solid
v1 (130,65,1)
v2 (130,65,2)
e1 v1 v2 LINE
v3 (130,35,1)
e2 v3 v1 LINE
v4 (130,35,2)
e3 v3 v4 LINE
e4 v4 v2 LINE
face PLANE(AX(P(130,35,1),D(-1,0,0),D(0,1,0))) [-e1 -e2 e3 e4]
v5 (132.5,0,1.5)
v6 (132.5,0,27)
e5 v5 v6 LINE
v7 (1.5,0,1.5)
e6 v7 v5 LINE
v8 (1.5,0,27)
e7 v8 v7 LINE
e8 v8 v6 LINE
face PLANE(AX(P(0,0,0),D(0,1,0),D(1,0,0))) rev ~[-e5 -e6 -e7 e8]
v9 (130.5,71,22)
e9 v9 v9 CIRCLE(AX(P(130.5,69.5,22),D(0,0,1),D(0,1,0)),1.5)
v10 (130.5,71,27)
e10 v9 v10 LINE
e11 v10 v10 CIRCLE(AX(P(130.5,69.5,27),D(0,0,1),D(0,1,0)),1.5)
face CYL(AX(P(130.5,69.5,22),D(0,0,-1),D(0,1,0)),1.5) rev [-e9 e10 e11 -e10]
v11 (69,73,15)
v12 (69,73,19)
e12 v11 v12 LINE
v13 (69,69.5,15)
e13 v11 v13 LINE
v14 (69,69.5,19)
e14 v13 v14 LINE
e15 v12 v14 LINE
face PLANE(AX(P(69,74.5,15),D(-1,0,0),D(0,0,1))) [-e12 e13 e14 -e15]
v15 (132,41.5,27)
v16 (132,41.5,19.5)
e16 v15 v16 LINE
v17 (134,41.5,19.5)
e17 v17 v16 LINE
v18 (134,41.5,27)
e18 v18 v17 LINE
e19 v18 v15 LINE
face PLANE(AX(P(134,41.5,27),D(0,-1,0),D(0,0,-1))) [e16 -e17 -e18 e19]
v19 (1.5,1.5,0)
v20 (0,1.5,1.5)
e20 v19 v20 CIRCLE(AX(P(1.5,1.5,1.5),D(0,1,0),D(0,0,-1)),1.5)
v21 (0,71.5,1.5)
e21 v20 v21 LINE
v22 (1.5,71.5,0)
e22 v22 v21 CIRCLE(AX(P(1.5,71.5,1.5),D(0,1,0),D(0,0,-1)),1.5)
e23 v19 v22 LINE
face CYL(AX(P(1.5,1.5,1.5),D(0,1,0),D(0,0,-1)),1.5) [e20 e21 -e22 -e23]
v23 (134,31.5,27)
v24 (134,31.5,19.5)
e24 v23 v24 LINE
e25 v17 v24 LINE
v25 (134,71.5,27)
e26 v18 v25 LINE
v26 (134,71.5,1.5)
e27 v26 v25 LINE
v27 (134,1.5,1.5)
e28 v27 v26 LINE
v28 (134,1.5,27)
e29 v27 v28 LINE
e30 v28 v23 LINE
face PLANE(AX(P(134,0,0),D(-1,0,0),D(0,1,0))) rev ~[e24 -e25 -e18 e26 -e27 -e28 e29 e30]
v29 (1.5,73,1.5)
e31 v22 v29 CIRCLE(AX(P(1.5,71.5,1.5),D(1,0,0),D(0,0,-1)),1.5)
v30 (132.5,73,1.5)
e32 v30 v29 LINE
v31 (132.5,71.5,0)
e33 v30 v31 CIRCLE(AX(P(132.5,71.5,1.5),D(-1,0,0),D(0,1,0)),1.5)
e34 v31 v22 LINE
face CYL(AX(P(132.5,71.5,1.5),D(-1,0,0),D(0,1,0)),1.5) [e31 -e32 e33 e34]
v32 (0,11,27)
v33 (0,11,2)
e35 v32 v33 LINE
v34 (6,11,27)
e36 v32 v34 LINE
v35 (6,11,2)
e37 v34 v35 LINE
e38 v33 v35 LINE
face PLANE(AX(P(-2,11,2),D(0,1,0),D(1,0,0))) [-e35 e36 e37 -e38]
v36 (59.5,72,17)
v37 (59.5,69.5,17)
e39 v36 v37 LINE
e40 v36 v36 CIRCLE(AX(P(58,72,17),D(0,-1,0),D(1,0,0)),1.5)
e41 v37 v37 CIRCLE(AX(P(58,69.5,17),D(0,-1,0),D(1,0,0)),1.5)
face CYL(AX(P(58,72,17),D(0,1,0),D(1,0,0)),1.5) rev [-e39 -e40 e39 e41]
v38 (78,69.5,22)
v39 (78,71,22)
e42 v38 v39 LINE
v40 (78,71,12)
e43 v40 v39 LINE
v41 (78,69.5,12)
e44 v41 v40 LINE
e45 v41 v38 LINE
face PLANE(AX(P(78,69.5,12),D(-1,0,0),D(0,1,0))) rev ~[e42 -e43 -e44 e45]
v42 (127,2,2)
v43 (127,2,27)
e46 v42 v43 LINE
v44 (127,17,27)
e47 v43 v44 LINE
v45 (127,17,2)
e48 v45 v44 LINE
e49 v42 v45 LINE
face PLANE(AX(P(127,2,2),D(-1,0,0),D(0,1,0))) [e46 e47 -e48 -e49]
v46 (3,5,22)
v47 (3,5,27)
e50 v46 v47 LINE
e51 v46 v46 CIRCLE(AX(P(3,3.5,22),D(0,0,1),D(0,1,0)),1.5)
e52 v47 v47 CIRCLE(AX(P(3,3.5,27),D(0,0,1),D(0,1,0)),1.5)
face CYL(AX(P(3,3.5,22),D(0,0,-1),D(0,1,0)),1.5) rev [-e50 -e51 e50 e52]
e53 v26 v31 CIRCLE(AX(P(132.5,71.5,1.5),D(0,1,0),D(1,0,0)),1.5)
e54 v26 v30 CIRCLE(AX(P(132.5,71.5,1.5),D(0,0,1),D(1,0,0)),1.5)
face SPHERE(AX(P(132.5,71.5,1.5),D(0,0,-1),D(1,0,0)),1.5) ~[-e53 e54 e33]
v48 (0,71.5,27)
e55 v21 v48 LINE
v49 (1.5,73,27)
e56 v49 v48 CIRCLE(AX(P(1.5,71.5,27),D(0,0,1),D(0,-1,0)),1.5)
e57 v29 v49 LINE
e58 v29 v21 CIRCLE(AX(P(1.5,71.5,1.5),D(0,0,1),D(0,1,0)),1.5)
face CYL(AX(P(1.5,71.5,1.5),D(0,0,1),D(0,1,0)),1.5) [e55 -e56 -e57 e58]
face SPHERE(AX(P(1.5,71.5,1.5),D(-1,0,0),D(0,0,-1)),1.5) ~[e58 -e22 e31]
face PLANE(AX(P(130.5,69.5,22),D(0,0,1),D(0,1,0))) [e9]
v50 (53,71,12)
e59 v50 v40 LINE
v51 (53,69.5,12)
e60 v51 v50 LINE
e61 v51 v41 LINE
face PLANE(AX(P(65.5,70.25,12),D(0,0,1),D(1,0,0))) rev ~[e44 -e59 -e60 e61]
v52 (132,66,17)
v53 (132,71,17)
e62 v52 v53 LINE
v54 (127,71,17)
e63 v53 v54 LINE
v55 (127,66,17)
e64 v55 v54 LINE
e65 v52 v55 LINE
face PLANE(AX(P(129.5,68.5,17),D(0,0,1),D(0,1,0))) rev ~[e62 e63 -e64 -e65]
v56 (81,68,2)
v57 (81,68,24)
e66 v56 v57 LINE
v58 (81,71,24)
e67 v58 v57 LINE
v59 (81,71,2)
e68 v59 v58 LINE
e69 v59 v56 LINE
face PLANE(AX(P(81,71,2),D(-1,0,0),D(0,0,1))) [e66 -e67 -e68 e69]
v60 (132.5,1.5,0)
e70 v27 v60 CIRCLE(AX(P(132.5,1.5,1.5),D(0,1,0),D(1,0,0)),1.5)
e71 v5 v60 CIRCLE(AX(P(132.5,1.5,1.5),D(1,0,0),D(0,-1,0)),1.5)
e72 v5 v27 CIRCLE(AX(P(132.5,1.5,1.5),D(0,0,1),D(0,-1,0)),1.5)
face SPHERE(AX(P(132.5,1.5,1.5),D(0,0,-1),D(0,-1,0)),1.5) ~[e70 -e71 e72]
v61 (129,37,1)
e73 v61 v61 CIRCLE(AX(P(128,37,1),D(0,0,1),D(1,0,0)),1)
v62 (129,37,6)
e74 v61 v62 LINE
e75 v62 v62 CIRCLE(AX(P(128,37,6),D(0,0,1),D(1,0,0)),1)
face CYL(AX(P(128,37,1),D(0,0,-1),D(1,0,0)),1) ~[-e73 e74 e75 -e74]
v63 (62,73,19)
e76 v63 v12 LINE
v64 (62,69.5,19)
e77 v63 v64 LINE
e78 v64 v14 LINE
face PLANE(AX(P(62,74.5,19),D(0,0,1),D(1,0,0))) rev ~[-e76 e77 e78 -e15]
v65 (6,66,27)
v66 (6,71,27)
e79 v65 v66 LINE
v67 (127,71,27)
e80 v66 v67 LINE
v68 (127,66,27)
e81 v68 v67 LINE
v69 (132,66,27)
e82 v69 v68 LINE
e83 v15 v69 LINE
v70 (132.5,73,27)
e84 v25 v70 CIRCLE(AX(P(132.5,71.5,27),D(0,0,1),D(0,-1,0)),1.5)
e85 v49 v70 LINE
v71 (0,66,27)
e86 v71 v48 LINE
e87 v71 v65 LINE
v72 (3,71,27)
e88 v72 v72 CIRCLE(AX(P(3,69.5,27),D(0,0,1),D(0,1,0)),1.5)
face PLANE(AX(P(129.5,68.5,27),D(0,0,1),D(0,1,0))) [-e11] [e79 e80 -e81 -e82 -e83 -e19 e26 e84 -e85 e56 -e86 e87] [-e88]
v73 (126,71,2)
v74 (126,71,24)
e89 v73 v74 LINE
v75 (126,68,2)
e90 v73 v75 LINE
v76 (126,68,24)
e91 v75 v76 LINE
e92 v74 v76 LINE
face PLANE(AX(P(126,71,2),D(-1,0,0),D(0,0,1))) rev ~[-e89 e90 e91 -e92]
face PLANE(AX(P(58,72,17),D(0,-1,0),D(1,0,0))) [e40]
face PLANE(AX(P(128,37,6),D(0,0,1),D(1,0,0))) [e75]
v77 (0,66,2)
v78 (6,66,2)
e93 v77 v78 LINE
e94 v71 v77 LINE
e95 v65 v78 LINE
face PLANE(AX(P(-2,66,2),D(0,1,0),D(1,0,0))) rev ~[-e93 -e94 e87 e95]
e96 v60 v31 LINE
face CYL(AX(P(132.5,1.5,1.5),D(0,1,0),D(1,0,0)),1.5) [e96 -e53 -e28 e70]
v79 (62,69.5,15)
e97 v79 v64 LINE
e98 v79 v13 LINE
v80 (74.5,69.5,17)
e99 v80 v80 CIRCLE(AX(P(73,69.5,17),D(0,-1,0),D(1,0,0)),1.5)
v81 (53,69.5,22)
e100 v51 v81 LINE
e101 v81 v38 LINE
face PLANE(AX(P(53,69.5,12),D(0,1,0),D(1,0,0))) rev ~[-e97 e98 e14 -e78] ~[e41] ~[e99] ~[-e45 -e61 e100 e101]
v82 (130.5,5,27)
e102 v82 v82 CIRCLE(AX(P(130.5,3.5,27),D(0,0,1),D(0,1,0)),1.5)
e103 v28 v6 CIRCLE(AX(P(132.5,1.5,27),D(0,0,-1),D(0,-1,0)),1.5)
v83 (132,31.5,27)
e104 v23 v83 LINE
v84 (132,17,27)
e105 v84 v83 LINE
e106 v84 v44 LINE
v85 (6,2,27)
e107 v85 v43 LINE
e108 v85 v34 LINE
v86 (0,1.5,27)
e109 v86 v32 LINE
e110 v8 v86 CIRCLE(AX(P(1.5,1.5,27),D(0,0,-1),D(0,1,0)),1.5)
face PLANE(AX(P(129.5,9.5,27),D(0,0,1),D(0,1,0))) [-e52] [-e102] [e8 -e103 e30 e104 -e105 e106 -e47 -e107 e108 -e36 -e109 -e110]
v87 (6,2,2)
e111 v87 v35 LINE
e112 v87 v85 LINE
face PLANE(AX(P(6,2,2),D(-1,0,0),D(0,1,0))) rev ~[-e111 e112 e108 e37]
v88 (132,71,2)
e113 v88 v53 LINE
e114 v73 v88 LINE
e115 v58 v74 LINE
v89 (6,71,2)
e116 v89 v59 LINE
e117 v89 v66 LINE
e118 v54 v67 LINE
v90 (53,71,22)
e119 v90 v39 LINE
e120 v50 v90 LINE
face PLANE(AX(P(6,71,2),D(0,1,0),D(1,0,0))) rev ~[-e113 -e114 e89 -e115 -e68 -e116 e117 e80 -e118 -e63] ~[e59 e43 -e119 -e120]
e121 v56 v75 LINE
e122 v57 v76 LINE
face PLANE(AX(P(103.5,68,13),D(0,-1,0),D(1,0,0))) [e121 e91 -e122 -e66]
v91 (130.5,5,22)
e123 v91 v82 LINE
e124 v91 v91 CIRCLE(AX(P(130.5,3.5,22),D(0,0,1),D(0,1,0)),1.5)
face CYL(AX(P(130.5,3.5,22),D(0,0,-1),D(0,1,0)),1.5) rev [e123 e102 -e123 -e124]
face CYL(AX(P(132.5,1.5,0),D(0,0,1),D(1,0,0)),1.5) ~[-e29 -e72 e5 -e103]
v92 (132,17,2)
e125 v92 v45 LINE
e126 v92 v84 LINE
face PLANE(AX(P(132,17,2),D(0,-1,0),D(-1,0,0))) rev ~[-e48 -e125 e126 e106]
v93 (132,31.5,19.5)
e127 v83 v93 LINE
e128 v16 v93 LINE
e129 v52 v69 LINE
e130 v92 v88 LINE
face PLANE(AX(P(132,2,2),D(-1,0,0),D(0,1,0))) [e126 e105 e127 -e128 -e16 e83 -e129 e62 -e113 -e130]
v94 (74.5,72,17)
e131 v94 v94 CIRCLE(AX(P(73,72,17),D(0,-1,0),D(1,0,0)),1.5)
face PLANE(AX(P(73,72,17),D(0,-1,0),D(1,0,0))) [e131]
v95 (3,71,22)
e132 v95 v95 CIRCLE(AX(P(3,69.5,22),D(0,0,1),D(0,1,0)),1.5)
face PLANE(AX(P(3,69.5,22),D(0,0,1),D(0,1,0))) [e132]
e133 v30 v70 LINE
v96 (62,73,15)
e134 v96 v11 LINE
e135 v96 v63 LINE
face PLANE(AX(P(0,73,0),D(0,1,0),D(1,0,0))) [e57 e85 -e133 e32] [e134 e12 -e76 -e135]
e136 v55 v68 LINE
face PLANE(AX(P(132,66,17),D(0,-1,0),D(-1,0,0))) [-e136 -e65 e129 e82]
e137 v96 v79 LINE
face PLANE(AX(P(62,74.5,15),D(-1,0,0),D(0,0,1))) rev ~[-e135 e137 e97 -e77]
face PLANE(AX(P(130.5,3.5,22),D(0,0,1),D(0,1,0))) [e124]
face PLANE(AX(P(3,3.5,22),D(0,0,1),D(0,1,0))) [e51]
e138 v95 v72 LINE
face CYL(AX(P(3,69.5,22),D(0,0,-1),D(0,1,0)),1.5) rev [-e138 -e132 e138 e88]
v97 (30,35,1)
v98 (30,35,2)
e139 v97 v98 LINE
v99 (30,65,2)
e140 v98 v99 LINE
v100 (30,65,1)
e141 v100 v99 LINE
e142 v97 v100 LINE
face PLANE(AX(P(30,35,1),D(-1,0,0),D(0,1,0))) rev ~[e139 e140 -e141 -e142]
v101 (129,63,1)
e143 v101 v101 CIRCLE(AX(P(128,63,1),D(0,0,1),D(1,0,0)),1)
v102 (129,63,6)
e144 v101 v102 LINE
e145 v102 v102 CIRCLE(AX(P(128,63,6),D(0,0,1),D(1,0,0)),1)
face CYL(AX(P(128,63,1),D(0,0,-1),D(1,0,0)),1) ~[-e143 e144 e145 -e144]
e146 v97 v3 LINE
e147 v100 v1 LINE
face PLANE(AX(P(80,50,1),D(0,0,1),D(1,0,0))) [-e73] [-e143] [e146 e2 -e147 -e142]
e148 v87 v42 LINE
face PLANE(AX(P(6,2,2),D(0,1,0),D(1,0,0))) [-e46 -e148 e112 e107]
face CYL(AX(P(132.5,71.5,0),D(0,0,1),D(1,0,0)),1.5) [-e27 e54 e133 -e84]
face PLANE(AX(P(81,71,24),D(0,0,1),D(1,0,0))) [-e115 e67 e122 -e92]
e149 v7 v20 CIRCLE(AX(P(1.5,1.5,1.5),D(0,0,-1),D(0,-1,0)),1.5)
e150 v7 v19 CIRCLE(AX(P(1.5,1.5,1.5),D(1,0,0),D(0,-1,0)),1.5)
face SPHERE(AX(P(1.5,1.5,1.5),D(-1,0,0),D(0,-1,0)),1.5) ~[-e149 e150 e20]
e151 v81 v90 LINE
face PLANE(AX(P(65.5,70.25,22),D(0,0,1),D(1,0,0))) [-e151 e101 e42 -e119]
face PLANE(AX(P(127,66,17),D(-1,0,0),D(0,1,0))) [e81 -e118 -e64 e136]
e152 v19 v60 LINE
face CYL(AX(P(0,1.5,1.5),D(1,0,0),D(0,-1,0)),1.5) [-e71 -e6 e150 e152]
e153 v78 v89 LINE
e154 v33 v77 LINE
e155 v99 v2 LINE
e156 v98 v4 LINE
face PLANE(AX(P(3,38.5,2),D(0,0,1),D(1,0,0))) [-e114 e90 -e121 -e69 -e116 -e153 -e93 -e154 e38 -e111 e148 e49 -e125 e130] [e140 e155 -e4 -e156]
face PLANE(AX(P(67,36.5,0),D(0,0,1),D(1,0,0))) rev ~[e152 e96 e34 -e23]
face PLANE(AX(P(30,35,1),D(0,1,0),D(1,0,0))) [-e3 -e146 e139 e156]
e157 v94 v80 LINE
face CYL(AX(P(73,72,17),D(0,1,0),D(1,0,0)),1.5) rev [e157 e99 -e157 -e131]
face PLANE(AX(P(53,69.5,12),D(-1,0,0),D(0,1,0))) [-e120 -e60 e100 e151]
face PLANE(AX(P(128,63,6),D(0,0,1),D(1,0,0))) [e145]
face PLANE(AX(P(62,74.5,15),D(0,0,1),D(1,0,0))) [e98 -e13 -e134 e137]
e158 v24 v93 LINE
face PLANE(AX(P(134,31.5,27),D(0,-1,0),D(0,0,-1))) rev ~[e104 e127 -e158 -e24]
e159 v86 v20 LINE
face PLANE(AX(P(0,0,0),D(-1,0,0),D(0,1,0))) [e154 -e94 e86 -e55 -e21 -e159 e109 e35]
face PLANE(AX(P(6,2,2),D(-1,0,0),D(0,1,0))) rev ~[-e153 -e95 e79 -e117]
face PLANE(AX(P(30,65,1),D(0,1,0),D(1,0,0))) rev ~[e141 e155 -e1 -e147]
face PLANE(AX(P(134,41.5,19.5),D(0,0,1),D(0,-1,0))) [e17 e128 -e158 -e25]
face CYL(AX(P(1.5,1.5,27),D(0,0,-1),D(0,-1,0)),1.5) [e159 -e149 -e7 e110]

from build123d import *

# Parameters (mm, degrees)
BOX_W             = 134
BOX_H             = 73
BOX_DEPTH         = 27
BOX001_W          = 126
BOX001_H          = 69
BOX001_DEPTH      = 25
BOX002_W          = 10
BOX002_H          = 55
BOX002_DEPTH      = 25
BOX003_W          = 100
BOX003_H          = 30
BOX003_DEPTH      = 1
CYLINDER_R        = 1
CYLINDER_DEPTH    = 5
CYLINDER001_R     = 1
CYLINDER001_DEPTH = 5
BOX004_W          = 25
BOX004_H          = 1.5
BOX004_DEPTH      = 10
BOX005_W          = 7
BOX005_H          = 4
BOX005_DEPTH      = 7
CYLINDER002_R     = 1.5
CYLINDER002_DEPTH = 2.5
CYLINDER003_R     = 1.5
CYLINDER003_DEPTH = 2.5
BOX006_W          = 45
BOX006_H          = 22
BOX006_DEPTH      = 3
BOX007_W          = 7.5
BOX007_H          = 10
BOX007_DEPTH      = 2
BOX008_W          = 15
BOX008_H          = 5
BOX008_DEPTH      = 25
BOX009_W          = 5
BOX009_H          = 5
BOX009_DEPTH      = 10
CYLINDER004_R     = 1.5
CYLINDER004_DEPTH = 5
CYLINDER005_R     = 1.5
CYLINDER005_DEPTH = 5
CYLINDER006_R     = 1.5
CYLINDER006_DEPTH = 5
CYLINDER007_R     = 1.5
CYLINDER007_DEPTH = 5
FILLET_R          = 1.5
FILLET001_R       = 1.5
FILLET002_R       = 1.5
FILLET003_R       = 1.5


with BuildPart() as part:
    # Box → Box (join)
    with BuildSketch(Plane.XY):
        with Locations((67, 36.5)):
            Rectangle(BOX_W, BOX_H)
    extrude(amount=BOX_DEPTH)

    # Box001 → Box001 (cut)
    with BuildSketch(Plane(origin=(6, 2, 2), x_dir=(1, 0, 0), z_dir=(0, 0, 1))):
        with Locations((63, 34.5)):
            Rectangle(BOX001_W, BOX001_H)
    extrude(amount=BOX001_DEPTH, mode=Mode.SUBTRACT)

    # Box002 → Box002 (cut)
    with BuildSketch(Plane(origin=(-2, 11, 2), x_dir=(1, 0, 0), z_dir=(0, 0, 1))):
        with Locations((5, 27.5)):
            Rectangle(BOX002_W, BOX002_H)
    extrude(amount=BOX002_DEPTH, mode=Mode.SUBTRACT)

    # Box003 → Box003 (cut)
    with BuildSketch(Plane(origin=(30, 35, 1), x_dir=(1, 0, 0), z_dir=(0, 0, 1))):
        with Locations((50, 15)):
            Rectangle(BOX003_W, BOX003_H)
    extrude(amount=BOX003_DEPTH, mode=Mode.SUBTRACT)

    # Cylinder → Cylinder (join)
    with BuildSketch(Plane(origin=(128, 37, 1), x_dir=(1, 0, 0), z_dir=(0, 0, 1))):
        Circle(CYLINDER_R)
    extrude(amount=CYLINDER_DEPTH)

    # Cylinder001 → Cylinder001 (join)
    with BuildSketch(Plane(origin=(128, 63, 1), x_dir=(1, 0, 0), z_dir=(0, 0, 1))):
        Circle(CYLINDER001_R)
    extrude(amount=CYLINDER001_DEPTH)

    # Box004 → Box004 (join)
    with BuildSketch(Plane(origin=(53, 69.5, 12), x_dir=(1, 0, 0), z_dir=(0, 0, 1))):
        with Locations((12.5, 0.75)):
            Rectangle(BOX004_W, BOX004_H)
    extrude(amount=BOX004_DEPTH)

    # Box005 → Box005 (cut)
    with BuildSketch(Plane(origin=(62, 74.5, 15), x_dir=(1, 0, 0), z_dir=(0, -1, 0))):
        with Locations((3.5, 2)):
            Rectangle(BOX005_W, BOX005_H)
    extrude(amount=BOX005_DEPTH, mode=Mode.SUBTRACT)

    # Cylinder002 → Cylinder002 (cut)
    with BuildSketch(Plane(origin=(58, 72, 17), x_dir=(1, 0, 0), z_dir=(0, -1, 0))):
        Circle(CYLINDER002_R)
    extrude(amount=CYLINDER002_DEPTH, mode=Mode.SUBTRACT)

    # Cylinder003 → Cylinder003 (cut)
    with BuildSketch(Plane(origin=(73, 72, 17), x_dir=(1, 0, 0), z_dir=(0, -1, 0))):
        Circle(CYLINDER003_R)
    extrude(amount=CYLINDER003_DEPTH, mode=Mode.SUBTRACT)

    # Box006 → Box006 (join)
    with BuildSketch(Plane(origin=(81, 71, 2), x_dir=(1, 0, 0), z_dir=(0, -1, 0))):
        with Locations((22.5, 11)):
            Rectangle(BOX006_W, BOX006_H)
    extrude(amount=BOX006_DEPTH)

    # Box007 → Box007 (cut)
    with BuildSketch(Plane(origin=(134, 41.5, 27), x_dir=(0, 0, -1), z_dir=(-1, 0, 0))):
        with Locations((3.75, 5)):
            Rectangle(BOX007_W, BOX007_H)
    extrude(amount=BOX007_DEPTH, mode=Mode.SUBTRACT)

    # Box008 → Box008 (join)
    with BuildSketch(Plane(origin=(132, 2, 2), x_dir=(0, 1, 0), z_dir=(0, 0, 1))):
        with Locations((7.5, 2.5)):
            Rectangle(BOX008_W, BOX008_H)
    extrude(amount=BOX008_DEPTH)

    # Box009 → Box009 (join)
    with BuildSketch(Plane(origin=(132, 66, 17), x_dir=(0, 1, 0), z_dir=(0, 0, 1))):
        with Locations((2.5, 2.5)):
            Rectangle(BOX009_W, BOX009_H)
    extrude(amount=BOX009_DEPTH)

    # Cylinder004 → Cylinder004 (cut)
    with BuildSketch(Plane(origin=(130.5, 69.5, 22), x_dir=(0, 1, 0), z_dir=(0, 0, 1))):
        Circle(CYLINDER004_R)
    extrude(amount=CYLINDER004_DEPTH, mode=Mode.SUBTRACT)

    # Cylinder005 → Cylinder005 (cut)
    with BuildSketch(Plane(origin=(130.5, 3.5, 22), x_dir=(0, 1, 0), z_dir=(0, 0, 1))):
        Circle(CYLINDER005_R)
    extrude(amount=CYLINDER005_DEPTH, mode=Mode.SUBTRACT)

    # Cylinder006 → Cylinder006 (cut)
    with BuildSketch(Plane(origin=(3, 3.5, 22), x_dir=(0, 1, 0), z_dir=(0, 0, 1))):
        Circle(CYLINDER006_R)
    extrude(amount=CYLINDER006_DEPTH, mode=Mode.SUBTRACT)

    # Cylinder007 → Cylinder007 (cut)
    with BuildSketch(Plane(origin=(3, 69.5, 22), x_dir=(0, 1, 0), z_dir=(0, 0, 1))):
        Circle(CYLINDER007_R)
    extrude(amount=CYLINDER007_DEPTH, mode=Mode.SUBTRACT)

    # Fillet
    fillet_edges = [part.edges().sort_by_distance(p)[0] for p in [
        (134, 0, 13.5),
    ]]
    fillet(fillet_edges, radius=FILLET_R)

    # Fillet001
    fillet001_edges = [part.edges().sort_by_distance(p)[0] for p in [
        (134, 73, 13.5),
    ]]
    fillet(fillet001_edges, radius=FILLET001_R)

    # Fillet002
    fillet002_edges = [part.edges().sort_by_distance(p)[0] for p in [
        (134, 36.5, 0),
    ]]
    fillet(fillet002_edges, radius=FILLET002_R)

    # Fillet003
    fillet003_edges = [part.edges().sort_by_distance(p)[0] for p in [
        (0, 73, 14.25),
        (0, 36.5, 0),
        (0, 0, 14.25),
    ]]
    fillet(fillet003_edges, radius=FILLET003_R)


solid = part.part
